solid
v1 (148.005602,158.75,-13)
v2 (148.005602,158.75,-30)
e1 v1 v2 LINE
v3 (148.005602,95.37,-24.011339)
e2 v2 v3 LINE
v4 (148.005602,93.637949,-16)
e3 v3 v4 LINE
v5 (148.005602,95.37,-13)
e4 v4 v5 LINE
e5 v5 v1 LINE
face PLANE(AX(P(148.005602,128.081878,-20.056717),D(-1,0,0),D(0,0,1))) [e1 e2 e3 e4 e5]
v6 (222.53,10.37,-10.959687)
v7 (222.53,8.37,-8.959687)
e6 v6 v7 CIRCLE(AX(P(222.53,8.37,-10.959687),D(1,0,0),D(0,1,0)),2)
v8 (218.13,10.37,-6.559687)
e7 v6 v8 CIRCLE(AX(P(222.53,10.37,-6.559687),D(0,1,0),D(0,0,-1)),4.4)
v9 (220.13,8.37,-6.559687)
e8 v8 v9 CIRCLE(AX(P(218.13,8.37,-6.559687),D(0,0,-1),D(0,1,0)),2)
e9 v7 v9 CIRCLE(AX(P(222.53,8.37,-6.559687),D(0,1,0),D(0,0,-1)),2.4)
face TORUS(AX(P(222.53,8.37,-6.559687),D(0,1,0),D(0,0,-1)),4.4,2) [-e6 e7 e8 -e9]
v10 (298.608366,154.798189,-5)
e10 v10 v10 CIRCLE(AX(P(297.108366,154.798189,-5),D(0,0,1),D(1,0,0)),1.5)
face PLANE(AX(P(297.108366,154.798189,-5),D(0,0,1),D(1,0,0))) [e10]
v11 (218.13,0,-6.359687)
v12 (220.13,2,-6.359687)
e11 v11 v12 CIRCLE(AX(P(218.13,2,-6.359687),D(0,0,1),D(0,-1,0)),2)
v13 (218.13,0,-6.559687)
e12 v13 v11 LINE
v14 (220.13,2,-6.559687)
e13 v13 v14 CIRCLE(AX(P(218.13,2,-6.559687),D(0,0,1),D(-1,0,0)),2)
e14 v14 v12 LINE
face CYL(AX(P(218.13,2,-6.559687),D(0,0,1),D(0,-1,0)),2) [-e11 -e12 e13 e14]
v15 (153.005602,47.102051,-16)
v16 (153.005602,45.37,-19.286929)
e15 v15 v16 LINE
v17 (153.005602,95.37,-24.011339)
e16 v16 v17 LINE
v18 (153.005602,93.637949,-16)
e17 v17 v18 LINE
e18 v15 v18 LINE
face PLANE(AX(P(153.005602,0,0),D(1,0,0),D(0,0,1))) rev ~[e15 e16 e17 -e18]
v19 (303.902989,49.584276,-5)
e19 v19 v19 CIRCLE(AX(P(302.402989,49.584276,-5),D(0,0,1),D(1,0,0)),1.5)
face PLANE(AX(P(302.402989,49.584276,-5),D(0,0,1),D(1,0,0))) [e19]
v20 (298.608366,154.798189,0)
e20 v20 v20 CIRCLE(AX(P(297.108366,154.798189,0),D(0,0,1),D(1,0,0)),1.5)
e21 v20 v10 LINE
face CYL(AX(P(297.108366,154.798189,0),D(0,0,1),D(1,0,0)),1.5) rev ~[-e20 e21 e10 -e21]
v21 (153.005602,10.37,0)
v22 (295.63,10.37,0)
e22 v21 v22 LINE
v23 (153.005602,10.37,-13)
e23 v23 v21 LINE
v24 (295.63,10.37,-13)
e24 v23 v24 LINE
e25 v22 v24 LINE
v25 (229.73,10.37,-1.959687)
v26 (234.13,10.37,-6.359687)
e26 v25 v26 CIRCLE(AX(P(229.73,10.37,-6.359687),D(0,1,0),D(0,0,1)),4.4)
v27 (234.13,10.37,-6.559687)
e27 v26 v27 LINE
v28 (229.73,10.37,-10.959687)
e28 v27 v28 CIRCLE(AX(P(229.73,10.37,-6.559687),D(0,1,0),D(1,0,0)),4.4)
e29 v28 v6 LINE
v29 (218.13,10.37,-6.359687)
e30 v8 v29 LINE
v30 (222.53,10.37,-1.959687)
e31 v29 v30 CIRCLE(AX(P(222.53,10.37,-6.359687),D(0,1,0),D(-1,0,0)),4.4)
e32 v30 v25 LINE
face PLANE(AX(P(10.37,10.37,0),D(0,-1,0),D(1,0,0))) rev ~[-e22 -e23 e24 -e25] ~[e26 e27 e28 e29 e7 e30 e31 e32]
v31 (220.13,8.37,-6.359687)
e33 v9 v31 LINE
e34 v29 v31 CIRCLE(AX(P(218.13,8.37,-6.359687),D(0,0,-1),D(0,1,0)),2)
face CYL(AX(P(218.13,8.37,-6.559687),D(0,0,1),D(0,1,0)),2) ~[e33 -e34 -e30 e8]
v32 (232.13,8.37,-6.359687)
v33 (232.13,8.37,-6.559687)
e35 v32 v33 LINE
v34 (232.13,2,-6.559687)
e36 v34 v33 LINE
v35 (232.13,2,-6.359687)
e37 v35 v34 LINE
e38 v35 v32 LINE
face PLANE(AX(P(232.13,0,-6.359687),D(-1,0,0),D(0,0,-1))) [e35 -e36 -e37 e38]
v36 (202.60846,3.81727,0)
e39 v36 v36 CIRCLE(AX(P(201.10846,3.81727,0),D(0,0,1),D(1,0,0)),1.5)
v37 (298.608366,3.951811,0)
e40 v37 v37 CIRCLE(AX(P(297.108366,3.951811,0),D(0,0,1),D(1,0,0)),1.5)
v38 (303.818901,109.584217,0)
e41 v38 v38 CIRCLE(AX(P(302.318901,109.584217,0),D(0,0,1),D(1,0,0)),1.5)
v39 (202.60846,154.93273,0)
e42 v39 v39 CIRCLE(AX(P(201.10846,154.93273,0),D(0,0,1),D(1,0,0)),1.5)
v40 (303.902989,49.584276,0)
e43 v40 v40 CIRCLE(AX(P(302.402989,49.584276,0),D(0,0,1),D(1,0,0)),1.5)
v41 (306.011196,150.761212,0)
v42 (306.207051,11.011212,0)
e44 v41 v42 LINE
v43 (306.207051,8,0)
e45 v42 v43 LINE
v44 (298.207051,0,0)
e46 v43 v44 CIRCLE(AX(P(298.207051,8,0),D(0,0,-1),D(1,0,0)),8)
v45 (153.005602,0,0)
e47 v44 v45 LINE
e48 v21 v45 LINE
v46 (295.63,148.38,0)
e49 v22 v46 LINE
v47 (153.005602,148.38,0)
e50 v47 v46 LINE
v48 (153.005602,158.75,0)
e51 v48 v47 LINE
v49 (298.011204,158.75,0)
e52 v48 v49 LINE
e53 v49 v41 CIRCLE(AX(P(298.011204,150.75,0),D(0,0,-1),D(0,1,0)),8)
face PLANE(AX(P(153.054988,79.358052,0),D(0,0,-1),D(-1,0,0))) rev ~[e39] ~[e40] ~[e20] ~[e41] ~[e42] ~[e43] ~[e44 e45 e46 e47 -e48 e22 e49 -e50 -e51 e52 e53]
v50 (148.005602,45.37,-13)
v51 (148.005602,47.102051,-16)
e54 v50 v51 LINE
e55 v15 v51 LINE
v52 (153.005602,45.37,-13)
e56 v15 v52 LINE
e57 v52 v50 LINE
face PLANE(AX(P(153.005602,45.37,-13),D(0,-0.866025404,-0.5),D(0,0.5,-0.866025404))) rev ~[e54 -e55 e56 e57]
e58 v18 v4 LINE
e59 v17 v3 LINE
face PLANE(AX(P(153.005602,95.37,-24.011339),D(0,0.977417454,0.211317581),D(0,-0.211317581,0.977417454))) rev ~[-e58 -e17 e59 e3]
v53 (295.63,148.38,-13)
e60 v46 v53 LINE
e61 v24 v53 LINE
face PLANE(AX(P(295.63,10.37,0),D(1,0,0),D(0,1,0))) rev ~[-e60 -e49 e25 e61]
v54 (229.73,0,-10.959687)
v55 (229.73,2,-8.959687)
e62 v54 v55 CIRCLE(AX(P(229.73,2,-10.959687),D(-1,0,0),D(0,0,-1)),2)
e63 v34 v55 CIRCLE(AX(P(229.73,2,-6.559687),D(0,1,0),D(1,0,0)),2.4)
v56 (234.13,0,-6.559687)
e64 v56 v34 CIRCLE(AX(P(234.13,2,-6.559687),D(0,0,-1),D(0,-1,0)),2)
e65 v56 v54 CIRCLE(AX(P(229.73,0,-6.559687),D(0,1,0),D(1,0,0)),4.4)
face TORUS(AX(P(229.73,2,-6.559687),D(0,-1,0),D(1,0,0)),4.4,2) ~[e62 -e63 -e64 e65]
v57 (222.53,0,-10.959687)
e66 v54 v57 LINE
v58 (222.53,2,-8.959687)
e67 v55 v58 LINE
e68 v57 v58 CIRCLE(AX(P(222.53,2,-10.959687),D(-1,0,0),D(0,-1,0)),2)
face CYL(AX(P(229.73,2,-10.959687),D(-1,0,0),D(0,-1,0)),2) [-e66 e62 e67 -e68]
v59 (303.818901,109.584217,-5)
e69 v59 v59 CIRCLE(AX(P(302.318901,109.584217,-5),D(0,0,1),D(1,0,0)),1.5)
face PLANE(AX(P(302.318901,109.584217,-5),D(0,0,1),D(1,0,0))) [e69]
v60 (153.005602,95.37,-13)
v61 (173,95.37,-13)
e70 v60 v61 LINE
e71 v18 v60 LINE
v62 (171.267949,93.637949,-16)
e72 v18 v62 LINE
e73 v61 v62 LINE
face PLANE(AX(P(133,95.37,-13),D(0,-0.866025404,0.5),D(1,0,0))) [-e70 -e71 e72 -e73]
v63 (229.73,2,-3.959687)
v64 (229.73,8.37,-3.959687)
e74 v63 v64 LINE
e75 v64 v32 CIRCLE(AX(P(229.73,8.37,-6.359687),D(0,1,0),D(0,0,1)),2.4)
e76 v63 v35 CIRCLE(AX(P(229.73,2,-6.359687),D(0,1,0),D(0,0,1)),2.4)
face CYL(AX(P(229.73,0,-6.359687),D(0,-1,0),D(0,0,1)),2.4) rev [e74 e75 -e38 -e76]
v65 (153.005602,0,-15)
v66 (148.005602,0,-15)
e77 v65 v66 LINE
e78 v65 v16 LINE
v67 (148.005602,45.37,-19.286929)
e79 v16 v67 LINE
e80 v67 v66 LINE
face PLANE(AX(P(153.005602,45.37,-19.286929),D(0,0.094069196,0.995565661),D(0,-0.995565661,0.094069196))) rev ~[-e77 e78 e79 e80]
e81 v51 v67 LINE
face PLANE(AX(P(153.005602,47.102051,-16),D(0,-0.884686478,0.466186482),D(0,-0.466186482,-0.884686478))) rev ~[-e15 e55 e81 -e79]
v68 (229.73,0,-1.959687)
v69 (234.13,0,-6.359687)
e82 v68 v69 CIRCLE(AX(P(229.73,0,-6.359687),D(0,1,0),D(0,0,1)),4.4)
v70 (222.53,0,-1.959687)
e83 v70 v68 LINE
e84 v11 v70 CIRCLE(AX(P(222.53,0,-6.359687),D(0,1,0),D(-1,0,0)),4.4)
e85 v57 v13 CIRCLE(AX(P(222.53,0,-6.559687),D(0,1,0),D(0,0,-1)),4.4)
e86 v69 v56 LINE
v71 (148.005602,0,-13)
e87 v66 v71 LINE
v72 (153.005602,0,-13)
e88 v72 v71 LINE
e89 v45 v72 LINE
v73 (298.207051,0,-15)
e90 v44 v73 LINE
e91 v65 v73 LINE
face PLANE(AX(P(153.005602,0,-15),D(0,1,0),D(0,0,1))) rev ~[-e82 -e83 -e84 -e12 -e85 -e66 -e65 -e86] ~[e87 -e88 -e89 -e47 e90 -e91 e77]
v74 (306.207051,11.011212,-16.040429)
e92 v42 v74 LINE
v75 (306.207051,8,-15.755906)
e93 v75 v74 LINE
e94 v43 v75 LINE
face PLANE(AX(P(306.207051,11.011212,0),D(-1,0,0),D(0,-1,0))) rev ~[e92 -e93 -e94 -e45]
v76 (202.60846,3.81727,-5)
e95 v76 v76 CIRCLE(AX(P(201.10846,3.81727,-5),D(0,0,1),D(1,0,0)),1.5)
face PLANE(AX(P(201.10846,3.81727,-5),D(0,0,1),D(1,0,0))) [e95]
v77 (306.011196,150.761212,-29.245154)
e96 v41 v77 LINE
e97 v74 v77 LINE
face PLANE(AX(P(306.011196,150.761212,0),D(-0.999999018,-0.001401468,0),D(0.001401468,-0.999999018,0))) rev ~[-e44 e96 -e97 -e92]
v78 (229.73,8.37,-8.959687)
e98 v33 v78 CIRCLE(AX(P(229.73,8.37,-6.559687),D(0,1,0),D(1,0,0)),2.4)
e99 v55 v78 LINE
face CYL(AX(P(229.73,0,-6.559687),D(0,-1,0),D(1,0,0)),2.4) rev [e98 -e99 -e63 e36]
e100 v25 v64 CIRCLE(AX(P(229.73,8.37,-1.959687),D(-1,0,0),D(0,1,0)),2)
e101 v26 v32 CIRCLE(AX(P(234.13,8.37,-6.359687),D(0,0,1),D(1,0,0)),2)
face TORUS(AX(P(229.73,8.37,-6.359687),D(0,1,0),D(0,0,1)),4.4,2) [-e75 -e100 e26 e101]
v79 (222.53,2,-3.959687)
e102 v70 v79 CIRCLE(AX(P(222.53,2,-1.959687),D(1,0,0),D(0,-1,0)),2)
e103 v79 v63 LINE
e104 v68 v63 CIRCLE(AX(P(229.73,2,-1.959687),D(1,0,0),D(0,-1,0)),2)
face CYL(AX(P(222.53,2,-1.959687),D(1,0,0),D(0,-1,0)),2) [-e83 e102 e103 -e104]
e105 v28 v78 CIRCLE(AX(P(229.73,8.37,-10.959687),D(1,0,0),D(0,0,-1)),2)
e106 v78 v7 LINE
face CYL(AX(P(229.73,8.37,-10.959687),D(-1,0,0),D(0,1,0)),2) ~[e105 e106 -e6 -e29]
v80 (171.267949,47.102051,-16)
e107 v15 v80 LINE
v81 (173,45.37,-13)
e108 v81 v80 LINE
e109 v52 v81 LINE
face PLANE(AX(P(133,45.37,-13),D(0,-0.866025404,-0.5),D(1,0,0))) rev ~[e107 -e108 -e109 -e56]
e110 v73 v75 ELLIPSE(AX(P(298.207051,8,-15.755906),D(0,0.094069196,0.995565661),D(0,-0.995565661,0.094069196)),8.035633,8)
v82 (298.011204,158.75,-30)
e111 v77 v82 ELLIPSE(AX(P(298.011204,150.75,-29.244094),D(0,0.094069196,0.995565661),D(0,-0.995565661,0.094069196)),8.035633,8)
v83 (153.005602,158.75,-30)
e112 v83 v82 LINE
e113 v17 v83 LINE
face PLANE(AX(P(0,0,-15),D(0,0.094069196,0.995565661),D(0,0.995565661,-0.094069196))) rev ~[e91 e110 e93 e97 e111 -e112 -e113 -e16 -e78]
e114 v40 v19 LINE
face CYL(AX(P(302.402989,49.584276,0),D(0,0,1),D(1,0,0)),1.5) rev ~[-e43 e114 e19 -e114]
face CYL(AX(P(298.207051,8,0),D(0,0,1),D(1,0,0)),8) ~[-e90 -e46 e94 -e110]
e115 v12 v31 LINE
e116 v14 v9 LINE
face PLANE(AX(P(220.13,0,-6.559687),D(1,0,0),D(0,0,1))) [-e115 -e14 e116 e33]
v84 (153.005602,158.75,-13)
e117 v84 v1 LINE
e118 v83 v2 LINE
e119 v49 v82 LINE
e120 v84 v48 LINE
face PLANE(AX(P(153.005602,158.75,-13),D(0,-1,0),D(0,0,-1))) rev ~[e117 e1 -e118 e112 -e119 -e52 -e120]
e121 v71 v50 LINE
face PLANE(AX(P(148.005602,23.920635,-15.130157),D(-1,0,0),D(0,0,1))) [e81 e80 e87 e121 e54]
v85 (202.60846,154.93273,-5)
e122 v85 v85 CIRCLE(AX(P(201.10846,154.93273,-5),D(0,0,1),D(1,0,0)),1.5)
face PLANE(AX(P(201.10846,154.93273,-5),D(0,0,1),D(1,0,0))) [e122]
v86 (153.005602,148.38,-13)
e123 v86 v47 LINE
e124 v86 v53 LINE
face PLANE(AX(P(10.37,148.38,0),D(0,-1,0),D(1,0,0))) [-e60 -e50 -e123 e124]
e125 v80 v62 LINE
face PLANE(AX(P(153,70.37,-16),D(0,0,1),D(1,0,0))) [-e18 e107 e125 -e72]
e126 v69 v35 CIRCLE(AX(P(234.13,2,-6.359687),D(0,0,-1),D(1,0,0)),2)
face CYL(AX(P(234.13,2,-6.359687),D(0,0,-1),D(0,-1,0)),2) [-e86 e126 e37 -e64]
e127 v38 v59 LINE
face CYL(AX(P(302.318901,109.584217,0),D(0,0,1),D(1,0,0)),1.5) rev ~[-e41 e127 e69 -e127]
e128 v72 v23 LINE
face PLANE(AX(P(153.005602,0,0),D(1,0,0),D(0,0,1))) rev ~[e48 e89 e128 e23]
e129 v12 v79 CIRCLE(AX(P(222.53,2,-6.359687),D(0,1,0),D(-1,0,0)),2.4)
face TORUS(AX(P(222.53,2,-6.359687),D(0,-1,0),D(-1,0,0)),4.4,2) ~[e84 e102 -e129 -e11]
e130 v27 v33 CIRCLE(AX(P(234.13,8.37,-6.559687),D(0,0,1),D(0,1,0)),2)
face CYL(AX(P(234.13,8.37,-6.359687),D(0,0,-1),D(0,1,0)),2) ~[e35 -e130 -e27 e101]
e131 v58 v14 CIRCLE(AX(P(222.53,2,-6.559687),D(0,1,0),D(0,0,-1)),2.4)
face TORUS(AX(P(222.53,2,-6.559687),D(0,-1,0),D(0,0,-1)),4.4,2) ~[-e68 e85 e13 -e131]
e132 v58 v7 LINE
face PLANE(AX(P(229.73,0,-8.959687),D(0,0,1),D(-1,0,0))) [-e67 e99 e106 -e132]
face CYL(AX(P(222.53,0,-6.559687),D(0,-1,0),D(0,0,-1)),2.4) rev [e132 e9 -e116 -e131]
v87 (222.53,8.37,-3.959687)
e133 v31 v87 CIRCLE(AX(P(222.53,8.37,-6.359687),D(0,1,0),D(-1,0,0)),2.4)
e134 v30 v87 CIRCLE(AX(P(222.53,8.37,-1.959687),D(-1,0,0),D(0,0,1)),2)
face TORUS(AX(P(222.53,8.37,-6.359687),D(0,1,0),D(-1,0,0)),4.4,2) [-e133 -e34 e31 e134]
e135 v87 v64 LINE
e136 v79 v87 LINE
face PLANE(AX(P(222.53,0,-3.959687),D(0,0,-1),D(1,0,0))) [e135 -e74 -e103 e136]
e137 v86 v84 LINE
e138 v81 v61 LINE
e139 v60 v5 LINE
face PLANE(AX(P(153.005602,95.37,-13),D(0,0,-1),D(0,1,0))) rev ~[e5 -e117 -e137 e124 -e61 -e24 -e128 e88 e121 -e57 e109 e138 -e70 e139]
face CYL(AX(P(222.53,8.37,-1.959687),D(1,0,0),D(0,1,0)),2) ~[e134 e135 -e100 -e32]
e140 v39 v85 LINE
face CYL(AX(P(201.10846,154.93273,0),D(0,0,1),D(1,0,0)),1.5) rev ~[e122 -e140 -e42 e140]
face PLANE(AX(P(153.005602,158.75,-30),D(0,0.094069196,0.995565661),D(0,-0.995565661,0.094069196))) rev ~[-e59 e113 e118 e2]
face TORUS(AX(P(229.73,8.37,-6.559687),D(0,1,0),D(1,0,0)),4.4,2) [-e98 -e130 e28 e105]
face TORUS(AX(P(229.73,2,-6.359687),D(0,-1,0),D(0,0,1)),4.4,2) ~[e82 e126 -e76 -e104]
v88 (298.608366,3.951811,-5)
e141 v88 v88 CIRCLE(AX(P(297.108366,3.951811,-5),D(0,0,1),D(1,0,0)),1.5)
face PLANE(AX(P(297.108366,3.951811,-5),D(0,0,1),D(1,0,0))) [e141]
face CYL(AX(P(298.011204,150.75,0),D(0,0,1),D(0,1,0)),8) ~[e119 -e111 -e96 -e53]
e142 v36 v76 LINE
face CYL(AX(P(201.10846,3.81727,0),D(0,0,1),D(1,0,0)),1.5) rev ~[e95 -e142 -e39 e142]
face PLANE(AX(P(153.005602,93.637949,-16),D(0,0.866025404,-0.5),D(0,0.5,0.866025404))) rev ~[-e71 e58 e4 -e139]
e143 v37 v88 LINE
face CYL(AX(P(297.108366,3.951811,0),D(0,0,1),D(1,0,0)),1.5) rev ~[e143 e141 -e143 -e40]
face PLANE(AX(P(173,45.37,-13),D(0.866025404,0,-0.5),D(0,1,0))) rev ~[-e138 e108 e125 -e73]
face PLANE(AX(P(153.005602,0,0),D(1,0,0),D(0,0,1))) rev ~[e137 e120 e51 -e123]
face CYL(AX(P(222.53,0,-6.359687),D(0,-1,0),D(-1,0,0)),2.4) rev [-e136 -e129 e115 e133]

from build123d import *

# Parameters (mm, degrees)
EXTRUDE_1_DEPTH      = 30
SKETCH_2_R           = 1.5
CUT_EXTRUDE_1_DEPTH  = 5
CUT_EXTRUDE_4_DEPTH  = 307
SKETCH_3_W           = 285.26
SKETCH_3_H           = 138.01
CUT_EXTRUDE_5_DEPTH  = 13
SKETCH_12_W          = 40
SKETCH_12_H          = 50
CUT_EXTRUDE_7_DEPTH  = 3
CUT_EXTRUDE_7_DRAFT  = -30
SKETCH_9_W           = 100
SKETCH_9_H           = 80
CUT_EXTRUDE_8_DEPTH  = 3
CUT_EXTRUDE_8_DRAFT  = -30
CUT_EXTRUDE_9_DEPTH  = 11
FILLET_1_R           = 2
CUT_EXTRUDE_10_DEPTH = 11
FILLET_2_R           = 2
FILLET_3_R           = 2
FILLET_4_R           = 2
EXTRUDE_3_DEPTH      = 5
EXTRUDE_4_DEPTH      = 5


with BuildPart() as part:
    # Model → 凸台-拉伸1 (new body)
    with BuildSketch(Plane.XY):
        with BuildLine():
            Line((0, 11), (0, 150.75))
            ThreePointArc((0, 150.75), (2.343145751, 156.406854249), (8, 158.75))
            Line((8, 158.75), (298.011203897, 158.75))
            ThreePointArc((298.011203897, 158.75), (303.664092807, 156.410816811), (306.011196041, 150.761211743))
            Line((306.011196041, 150.761211743), (306.207051361, 11.011211743))
            Line((306.207051361, 11.011211743), (306.207051361, 8))
            ThreePointArc((306.207051361, 8), (303.863905611, 2.343145751), (298.207051361, 0))
            Line((298.207051361, 0), (8, 0))
            ThreePointArc((8, 0), (2.343145751, 2.343145751), (0, 8))
            Line((0, 8), (0, 11))
        make_face()
    extrude(amount=-EXTRUDE_1_DEPTH)

    # 草图2 → 切除-拉伸1 (cut)
    with BuildSketch(Plane.XY):
        with Locations((105.108569936, 3.75)):
            Circle(SKETCH_2_R)
        with Locations((9.108569936, 3.75)):
            Circle(SKETCH_2_R)
        with Locations((201.10846029, 3.817270412)):
            Circle(SKETCH_2_R)
        with Locations((297.108366012, 3.951811323)):
            Circle(SKETCH_2_R)
        with Locations((105.108569936, 155)):
            Circle(SKETCH_2_R)
        with Locations((9.108569936, 155)):
            Circle(SKETCH_2_R)
        with Locations((201.10846029, 154.932729588)):
            Circle(SKETCH_2_R)
        with Locations((297.108366012, 154.798188677)):
            Circle(SKETCH_2_R)
        with Locations((3.75, 109.375)):
            Circle(SKETCH_2_R)
        with Locations((3.75, 49.375)):
            Circle(SKETCH_2_R)
        with Locations((302.318900647, 109.584217456)):
            Circle(SKETCH_2_R)
        with Locations((302.402988717, 49.58427638)):
            Circle(SKETCH_2_R)
    extrude(amount=-CUT_EXTRUDE_1_DEPTH, mode=Mode.SUBTRACT)

    # 草图6 → 切除-拉伸4 (cut)
    with BuildSketch(Plane.ZY):
        Polygon((-30, 158.75), (-30, 0), (-15, 0), align=None)
    extrude(amount=-CUT_EXTRUDE_4_DEPTH, mode=Mode.SUBTRACT)

    # 草图3 → 切除-拉伸5 (cut)
    with BuildSketch(Plane.XY):
        with Locations((153, 79.375)):
            Rectangle(SKETCH_3_W, SKETCH_3_H)
    extrude(amount=-CUT_EXTRUDE_5_DEPTH, mode=Mode.SUBTRACT)


with BuildPart() as cut_extrude_7_tool:
    # 草图12 → 切除-拉伸7 (with draft: the straight prism first)
    with BuildSketch(Plane.XY.offset(-13)):
        with Locations((153, 70.37)):
            Rectangle(SKETCH_12_W, SKETCH_12_H)
    extrude(amount=-CUT_EXTRUDE_7_DEPTH)
    # 切除-拉伸7: the draft: its side faces are tilted about the plane it starts from
    cut_extrude_7_sides = [cut_extrude_7_tool.faces().sort_by_distance(p)[0] for p in [
        (153, 45.37, -14.5),
        (173, 70.37, -14.5),
        (153, 95.37, -14.5),
        (133, 70.37, -14.5),
    ]]
    draft(cut_extrude_7_sides, Plane.XY.offset(-13), CUT_EXTRUDE_7_DRAFT)


with BuildPart() as part_1:
    add(part.part)

    # 切除-拉伸7: cut by cut_extrude_7_tool
    add(cut_extrude_7_tool.part, mode=Mode.SUBTRACT)


with BuildPart() as cut_extrude_8_tool:
    # 草图9 → 切除-拉伸8 (with draft: the straight prism first)
    with BuildSketch(Plane.XY.offset(-13)):
        with Locations((75.37, 88.38)):
            Rectangle(SKETCH_9_W, SKETCH_9_H)
    extrude(amount=-CUT_EXTRUDE_8_DEPTH)
    # 切除-拉伸8: the draft: its side faces are tilted about the plane it starts from
    cut_extrude_8_sides = [cut_extrude_8_tool.faces().sort_by_distance(p)[0] for p in [
        (25.37, 88.38, -14.5),
        (75.37, 48.38, -14.5),
        (125.37, 88.38, -14.5),
        (75.37, 128.38, -14.5),
    ]]
    draft(cut_extrude_8_sides, Plane.XY.offset(-13), CUT_EXTRUDE_8_DRAFT)


with BuildPart() as part_2:
    add(part_1.part)

    # 切除-拉伸8: cut by cut_extrude_8_tool
    add(cut_extrude_8_tool.part, mode=Mode.SUBTRACT)

    # 草图14 → 切除-拉伸9 (cut)
    with BuildSketch(Plane.ZY):
        with BuildLine():
            Line((-5.9, 129.38), (-6.1, 129.38))
            ThreePointArc((-6.1, 129.38), (-7.797056275, 128.677056275), (-8.5, 126.98))
            Line((-8.5, 126.98), (-8.5, 120.78))
            ThreePointArc((-8.5, 120.78), (-7.797056275, 119.082943725), (-6.1, 118.38))
            Line((-6.1, 118.38), (-5.9, 118.38))
            ThreePointArc((-5.9, 118.38), (-4.202943725, 119.082943725), (-3.5, 120.78))
            Line((-3.5, 120.78), (-3.5, 126.98))
            ThreePointArc((-3.5, 126.98), (-4.202943725, 128.677056275), (-5.9, 129.38))
        make_face()
    extrude(amount=-CUT_EXTRUDE_9_DEPTH, mode=Mode.SUBTRACT)

    # 圆角1
    fillet_1_edges = [part_2.edges().sort_by_distance(p)[0] for p in [
        (0, 123.88, -3.5),
        (0, 118.38, -6),
        (0, 119.082943725, -7.797056275),
        (0, 128.677056275, -7.797056275),
        (0, 128.677056275, -4.202943725),
        (0, 129.38, -6),
        (0, 123.88, -8.5),
        (0, 119.082943725, -4.202943725),
    ]]
    fillet(fillet_1_edges, radius=FILLET_1_R)

    # 草图15 → 切除-拉伸10 (cut)
    with BuildSketch(Plane.XZ):
        with BuildLine():
            Line((222.53, -3.959687417), (229.73, -3.959687417))
            ThreePointArc((229.73, -3.959687417), (231.427056275, -4.662631142), (232.13, -6.359687417))
            Line((232.13, -6.359687417), (232.13, -6.559687417))
            ThreePointArc((232.13, -6.559687417), (231.427056275, -8.256743692), (229.73, -8.959687417))
            Line((229.73, -8.959687417), (222.53, -8.959687417))
            ThreePointArc((222.53, -8.959687417), (220.832943725, -8.256743692), (220.13, -6.559687417))
            Line((220.13, -6.559687417), (220.13, -6.359687417))
            ThreePointArc((220.13, -6.359687417), (220.832943725, -4.662631142), (222.53, -3.959687417))
        make_face()
    extrude(amount=-CUT_EXTRUDE_10_DEPTH, mode=Mode.SUBTRACT)

    # 圆角2
    fillet_2_edges = [part_2.edges().sort_by_distance(p)[0] for p in [
        (226.13, 0, -3.959687417),
        (232.13, 0, -6.459687417),
        (231.427056275, 0, -8.256743692),
        (220.832943725, 0, -4.662631142),
        (220.13, 0, -6.459687417),
        (220.832943725, 0, -8.256743692),
        (226.13, 0, -8.959687417),
        (231.427056275, 0, -4.662631142),
    ]]
    fillet(fillet_2_edges, radius=FILLET_2_R)

    # 圆角3
    fillet_3_edges = [part_2.edges().sort_by_distance(p)[0] for p in [
        (10.37, 129.38, -6),
        (10.37, 128.677056275, -7.797056275),
        (10.37, 123.88, -8.5),
        (10.37, 119.082943725, -7.797056275),
        (10.37, 118.38, -6),
        (10.37, 119.082943725, -4.202943725),
        (10.37, 123.88, -3.5),
        (10.37, 128.677056275, -4.202943725),
    ]]
    fillet(fillet_3_edges, radius=FILLET_3_R)

    # 圆角4
    fillet_4_edges = [part_2.edges().sort_by_distance(p)[0] for p in [
        (220.13, 10.37, -6.459687417),
        (220.832943725, 10.37, -8.256743692),
        (226.13, 10.37, -8.959687417),
        (231.427056275, 10.37, -8.256743692),
        (232.13, 10.37, -6.459687417),
        (231.427056275, 10.37, -4.662631142),
        (226.13, 10.37, -3.959687417),
        (220.832943725, 10.37, -4.662631142),
    ]]
    fillet(fillet_4_edges, radius=FILLET_4_R)


with BuildPart() as body_2:
    # Split Bodies 1: the piece on the far side of the plane
    add(part_2.part)
    split(bisect_by=Plane(origin=(153.005601949, 0, 0), x_dir=(0, 0, 1), z_dir=(1, 0, 0)), keep=Keep.BOTTOM)


with BuildPart() as part_3:
    add(part_2.part)

    # Split Bodies 1
    split(bisect_by=Plane(origin=(153.005601949, 0, 0), x_dir=(0, 0, 1), z_dir=(1, 0, 0)), keep=Keep.TOP)

    # 草图19 → 凸台-拉伸3 (add)
    with BuildSketch(Plane.ZY.offset(-153.005601949)):
        Polygon((-19.286929134, 45.37), (-15, 0), (-13, 0), (-13, 10.37), (-13, 45.37), (-16, 47.102050808), align=None)
    extrude(amount=EXTRUDE_3_DEPTH)

    # 草图19<5> → 凸台-拉伸4 (add)
    with BuildSketch(Plane.ZY.offset(-153.005601949)):
        Polygon((-30, 158.75), (-24.011338583, 95.37), (-16, 93.637949192), (-13, 95.37), (-13, 148.38), (-13, 158.75), align=None)
        Polygon((-19.286929134, 45.37), (-15, 0), (-13, 0), (-13, 10.37), (-13, 45.37), (-16, 47.102050808), align=None)
    extrude(amount=EXTRUDE_4_DEPTH)


solid = part_3.part
